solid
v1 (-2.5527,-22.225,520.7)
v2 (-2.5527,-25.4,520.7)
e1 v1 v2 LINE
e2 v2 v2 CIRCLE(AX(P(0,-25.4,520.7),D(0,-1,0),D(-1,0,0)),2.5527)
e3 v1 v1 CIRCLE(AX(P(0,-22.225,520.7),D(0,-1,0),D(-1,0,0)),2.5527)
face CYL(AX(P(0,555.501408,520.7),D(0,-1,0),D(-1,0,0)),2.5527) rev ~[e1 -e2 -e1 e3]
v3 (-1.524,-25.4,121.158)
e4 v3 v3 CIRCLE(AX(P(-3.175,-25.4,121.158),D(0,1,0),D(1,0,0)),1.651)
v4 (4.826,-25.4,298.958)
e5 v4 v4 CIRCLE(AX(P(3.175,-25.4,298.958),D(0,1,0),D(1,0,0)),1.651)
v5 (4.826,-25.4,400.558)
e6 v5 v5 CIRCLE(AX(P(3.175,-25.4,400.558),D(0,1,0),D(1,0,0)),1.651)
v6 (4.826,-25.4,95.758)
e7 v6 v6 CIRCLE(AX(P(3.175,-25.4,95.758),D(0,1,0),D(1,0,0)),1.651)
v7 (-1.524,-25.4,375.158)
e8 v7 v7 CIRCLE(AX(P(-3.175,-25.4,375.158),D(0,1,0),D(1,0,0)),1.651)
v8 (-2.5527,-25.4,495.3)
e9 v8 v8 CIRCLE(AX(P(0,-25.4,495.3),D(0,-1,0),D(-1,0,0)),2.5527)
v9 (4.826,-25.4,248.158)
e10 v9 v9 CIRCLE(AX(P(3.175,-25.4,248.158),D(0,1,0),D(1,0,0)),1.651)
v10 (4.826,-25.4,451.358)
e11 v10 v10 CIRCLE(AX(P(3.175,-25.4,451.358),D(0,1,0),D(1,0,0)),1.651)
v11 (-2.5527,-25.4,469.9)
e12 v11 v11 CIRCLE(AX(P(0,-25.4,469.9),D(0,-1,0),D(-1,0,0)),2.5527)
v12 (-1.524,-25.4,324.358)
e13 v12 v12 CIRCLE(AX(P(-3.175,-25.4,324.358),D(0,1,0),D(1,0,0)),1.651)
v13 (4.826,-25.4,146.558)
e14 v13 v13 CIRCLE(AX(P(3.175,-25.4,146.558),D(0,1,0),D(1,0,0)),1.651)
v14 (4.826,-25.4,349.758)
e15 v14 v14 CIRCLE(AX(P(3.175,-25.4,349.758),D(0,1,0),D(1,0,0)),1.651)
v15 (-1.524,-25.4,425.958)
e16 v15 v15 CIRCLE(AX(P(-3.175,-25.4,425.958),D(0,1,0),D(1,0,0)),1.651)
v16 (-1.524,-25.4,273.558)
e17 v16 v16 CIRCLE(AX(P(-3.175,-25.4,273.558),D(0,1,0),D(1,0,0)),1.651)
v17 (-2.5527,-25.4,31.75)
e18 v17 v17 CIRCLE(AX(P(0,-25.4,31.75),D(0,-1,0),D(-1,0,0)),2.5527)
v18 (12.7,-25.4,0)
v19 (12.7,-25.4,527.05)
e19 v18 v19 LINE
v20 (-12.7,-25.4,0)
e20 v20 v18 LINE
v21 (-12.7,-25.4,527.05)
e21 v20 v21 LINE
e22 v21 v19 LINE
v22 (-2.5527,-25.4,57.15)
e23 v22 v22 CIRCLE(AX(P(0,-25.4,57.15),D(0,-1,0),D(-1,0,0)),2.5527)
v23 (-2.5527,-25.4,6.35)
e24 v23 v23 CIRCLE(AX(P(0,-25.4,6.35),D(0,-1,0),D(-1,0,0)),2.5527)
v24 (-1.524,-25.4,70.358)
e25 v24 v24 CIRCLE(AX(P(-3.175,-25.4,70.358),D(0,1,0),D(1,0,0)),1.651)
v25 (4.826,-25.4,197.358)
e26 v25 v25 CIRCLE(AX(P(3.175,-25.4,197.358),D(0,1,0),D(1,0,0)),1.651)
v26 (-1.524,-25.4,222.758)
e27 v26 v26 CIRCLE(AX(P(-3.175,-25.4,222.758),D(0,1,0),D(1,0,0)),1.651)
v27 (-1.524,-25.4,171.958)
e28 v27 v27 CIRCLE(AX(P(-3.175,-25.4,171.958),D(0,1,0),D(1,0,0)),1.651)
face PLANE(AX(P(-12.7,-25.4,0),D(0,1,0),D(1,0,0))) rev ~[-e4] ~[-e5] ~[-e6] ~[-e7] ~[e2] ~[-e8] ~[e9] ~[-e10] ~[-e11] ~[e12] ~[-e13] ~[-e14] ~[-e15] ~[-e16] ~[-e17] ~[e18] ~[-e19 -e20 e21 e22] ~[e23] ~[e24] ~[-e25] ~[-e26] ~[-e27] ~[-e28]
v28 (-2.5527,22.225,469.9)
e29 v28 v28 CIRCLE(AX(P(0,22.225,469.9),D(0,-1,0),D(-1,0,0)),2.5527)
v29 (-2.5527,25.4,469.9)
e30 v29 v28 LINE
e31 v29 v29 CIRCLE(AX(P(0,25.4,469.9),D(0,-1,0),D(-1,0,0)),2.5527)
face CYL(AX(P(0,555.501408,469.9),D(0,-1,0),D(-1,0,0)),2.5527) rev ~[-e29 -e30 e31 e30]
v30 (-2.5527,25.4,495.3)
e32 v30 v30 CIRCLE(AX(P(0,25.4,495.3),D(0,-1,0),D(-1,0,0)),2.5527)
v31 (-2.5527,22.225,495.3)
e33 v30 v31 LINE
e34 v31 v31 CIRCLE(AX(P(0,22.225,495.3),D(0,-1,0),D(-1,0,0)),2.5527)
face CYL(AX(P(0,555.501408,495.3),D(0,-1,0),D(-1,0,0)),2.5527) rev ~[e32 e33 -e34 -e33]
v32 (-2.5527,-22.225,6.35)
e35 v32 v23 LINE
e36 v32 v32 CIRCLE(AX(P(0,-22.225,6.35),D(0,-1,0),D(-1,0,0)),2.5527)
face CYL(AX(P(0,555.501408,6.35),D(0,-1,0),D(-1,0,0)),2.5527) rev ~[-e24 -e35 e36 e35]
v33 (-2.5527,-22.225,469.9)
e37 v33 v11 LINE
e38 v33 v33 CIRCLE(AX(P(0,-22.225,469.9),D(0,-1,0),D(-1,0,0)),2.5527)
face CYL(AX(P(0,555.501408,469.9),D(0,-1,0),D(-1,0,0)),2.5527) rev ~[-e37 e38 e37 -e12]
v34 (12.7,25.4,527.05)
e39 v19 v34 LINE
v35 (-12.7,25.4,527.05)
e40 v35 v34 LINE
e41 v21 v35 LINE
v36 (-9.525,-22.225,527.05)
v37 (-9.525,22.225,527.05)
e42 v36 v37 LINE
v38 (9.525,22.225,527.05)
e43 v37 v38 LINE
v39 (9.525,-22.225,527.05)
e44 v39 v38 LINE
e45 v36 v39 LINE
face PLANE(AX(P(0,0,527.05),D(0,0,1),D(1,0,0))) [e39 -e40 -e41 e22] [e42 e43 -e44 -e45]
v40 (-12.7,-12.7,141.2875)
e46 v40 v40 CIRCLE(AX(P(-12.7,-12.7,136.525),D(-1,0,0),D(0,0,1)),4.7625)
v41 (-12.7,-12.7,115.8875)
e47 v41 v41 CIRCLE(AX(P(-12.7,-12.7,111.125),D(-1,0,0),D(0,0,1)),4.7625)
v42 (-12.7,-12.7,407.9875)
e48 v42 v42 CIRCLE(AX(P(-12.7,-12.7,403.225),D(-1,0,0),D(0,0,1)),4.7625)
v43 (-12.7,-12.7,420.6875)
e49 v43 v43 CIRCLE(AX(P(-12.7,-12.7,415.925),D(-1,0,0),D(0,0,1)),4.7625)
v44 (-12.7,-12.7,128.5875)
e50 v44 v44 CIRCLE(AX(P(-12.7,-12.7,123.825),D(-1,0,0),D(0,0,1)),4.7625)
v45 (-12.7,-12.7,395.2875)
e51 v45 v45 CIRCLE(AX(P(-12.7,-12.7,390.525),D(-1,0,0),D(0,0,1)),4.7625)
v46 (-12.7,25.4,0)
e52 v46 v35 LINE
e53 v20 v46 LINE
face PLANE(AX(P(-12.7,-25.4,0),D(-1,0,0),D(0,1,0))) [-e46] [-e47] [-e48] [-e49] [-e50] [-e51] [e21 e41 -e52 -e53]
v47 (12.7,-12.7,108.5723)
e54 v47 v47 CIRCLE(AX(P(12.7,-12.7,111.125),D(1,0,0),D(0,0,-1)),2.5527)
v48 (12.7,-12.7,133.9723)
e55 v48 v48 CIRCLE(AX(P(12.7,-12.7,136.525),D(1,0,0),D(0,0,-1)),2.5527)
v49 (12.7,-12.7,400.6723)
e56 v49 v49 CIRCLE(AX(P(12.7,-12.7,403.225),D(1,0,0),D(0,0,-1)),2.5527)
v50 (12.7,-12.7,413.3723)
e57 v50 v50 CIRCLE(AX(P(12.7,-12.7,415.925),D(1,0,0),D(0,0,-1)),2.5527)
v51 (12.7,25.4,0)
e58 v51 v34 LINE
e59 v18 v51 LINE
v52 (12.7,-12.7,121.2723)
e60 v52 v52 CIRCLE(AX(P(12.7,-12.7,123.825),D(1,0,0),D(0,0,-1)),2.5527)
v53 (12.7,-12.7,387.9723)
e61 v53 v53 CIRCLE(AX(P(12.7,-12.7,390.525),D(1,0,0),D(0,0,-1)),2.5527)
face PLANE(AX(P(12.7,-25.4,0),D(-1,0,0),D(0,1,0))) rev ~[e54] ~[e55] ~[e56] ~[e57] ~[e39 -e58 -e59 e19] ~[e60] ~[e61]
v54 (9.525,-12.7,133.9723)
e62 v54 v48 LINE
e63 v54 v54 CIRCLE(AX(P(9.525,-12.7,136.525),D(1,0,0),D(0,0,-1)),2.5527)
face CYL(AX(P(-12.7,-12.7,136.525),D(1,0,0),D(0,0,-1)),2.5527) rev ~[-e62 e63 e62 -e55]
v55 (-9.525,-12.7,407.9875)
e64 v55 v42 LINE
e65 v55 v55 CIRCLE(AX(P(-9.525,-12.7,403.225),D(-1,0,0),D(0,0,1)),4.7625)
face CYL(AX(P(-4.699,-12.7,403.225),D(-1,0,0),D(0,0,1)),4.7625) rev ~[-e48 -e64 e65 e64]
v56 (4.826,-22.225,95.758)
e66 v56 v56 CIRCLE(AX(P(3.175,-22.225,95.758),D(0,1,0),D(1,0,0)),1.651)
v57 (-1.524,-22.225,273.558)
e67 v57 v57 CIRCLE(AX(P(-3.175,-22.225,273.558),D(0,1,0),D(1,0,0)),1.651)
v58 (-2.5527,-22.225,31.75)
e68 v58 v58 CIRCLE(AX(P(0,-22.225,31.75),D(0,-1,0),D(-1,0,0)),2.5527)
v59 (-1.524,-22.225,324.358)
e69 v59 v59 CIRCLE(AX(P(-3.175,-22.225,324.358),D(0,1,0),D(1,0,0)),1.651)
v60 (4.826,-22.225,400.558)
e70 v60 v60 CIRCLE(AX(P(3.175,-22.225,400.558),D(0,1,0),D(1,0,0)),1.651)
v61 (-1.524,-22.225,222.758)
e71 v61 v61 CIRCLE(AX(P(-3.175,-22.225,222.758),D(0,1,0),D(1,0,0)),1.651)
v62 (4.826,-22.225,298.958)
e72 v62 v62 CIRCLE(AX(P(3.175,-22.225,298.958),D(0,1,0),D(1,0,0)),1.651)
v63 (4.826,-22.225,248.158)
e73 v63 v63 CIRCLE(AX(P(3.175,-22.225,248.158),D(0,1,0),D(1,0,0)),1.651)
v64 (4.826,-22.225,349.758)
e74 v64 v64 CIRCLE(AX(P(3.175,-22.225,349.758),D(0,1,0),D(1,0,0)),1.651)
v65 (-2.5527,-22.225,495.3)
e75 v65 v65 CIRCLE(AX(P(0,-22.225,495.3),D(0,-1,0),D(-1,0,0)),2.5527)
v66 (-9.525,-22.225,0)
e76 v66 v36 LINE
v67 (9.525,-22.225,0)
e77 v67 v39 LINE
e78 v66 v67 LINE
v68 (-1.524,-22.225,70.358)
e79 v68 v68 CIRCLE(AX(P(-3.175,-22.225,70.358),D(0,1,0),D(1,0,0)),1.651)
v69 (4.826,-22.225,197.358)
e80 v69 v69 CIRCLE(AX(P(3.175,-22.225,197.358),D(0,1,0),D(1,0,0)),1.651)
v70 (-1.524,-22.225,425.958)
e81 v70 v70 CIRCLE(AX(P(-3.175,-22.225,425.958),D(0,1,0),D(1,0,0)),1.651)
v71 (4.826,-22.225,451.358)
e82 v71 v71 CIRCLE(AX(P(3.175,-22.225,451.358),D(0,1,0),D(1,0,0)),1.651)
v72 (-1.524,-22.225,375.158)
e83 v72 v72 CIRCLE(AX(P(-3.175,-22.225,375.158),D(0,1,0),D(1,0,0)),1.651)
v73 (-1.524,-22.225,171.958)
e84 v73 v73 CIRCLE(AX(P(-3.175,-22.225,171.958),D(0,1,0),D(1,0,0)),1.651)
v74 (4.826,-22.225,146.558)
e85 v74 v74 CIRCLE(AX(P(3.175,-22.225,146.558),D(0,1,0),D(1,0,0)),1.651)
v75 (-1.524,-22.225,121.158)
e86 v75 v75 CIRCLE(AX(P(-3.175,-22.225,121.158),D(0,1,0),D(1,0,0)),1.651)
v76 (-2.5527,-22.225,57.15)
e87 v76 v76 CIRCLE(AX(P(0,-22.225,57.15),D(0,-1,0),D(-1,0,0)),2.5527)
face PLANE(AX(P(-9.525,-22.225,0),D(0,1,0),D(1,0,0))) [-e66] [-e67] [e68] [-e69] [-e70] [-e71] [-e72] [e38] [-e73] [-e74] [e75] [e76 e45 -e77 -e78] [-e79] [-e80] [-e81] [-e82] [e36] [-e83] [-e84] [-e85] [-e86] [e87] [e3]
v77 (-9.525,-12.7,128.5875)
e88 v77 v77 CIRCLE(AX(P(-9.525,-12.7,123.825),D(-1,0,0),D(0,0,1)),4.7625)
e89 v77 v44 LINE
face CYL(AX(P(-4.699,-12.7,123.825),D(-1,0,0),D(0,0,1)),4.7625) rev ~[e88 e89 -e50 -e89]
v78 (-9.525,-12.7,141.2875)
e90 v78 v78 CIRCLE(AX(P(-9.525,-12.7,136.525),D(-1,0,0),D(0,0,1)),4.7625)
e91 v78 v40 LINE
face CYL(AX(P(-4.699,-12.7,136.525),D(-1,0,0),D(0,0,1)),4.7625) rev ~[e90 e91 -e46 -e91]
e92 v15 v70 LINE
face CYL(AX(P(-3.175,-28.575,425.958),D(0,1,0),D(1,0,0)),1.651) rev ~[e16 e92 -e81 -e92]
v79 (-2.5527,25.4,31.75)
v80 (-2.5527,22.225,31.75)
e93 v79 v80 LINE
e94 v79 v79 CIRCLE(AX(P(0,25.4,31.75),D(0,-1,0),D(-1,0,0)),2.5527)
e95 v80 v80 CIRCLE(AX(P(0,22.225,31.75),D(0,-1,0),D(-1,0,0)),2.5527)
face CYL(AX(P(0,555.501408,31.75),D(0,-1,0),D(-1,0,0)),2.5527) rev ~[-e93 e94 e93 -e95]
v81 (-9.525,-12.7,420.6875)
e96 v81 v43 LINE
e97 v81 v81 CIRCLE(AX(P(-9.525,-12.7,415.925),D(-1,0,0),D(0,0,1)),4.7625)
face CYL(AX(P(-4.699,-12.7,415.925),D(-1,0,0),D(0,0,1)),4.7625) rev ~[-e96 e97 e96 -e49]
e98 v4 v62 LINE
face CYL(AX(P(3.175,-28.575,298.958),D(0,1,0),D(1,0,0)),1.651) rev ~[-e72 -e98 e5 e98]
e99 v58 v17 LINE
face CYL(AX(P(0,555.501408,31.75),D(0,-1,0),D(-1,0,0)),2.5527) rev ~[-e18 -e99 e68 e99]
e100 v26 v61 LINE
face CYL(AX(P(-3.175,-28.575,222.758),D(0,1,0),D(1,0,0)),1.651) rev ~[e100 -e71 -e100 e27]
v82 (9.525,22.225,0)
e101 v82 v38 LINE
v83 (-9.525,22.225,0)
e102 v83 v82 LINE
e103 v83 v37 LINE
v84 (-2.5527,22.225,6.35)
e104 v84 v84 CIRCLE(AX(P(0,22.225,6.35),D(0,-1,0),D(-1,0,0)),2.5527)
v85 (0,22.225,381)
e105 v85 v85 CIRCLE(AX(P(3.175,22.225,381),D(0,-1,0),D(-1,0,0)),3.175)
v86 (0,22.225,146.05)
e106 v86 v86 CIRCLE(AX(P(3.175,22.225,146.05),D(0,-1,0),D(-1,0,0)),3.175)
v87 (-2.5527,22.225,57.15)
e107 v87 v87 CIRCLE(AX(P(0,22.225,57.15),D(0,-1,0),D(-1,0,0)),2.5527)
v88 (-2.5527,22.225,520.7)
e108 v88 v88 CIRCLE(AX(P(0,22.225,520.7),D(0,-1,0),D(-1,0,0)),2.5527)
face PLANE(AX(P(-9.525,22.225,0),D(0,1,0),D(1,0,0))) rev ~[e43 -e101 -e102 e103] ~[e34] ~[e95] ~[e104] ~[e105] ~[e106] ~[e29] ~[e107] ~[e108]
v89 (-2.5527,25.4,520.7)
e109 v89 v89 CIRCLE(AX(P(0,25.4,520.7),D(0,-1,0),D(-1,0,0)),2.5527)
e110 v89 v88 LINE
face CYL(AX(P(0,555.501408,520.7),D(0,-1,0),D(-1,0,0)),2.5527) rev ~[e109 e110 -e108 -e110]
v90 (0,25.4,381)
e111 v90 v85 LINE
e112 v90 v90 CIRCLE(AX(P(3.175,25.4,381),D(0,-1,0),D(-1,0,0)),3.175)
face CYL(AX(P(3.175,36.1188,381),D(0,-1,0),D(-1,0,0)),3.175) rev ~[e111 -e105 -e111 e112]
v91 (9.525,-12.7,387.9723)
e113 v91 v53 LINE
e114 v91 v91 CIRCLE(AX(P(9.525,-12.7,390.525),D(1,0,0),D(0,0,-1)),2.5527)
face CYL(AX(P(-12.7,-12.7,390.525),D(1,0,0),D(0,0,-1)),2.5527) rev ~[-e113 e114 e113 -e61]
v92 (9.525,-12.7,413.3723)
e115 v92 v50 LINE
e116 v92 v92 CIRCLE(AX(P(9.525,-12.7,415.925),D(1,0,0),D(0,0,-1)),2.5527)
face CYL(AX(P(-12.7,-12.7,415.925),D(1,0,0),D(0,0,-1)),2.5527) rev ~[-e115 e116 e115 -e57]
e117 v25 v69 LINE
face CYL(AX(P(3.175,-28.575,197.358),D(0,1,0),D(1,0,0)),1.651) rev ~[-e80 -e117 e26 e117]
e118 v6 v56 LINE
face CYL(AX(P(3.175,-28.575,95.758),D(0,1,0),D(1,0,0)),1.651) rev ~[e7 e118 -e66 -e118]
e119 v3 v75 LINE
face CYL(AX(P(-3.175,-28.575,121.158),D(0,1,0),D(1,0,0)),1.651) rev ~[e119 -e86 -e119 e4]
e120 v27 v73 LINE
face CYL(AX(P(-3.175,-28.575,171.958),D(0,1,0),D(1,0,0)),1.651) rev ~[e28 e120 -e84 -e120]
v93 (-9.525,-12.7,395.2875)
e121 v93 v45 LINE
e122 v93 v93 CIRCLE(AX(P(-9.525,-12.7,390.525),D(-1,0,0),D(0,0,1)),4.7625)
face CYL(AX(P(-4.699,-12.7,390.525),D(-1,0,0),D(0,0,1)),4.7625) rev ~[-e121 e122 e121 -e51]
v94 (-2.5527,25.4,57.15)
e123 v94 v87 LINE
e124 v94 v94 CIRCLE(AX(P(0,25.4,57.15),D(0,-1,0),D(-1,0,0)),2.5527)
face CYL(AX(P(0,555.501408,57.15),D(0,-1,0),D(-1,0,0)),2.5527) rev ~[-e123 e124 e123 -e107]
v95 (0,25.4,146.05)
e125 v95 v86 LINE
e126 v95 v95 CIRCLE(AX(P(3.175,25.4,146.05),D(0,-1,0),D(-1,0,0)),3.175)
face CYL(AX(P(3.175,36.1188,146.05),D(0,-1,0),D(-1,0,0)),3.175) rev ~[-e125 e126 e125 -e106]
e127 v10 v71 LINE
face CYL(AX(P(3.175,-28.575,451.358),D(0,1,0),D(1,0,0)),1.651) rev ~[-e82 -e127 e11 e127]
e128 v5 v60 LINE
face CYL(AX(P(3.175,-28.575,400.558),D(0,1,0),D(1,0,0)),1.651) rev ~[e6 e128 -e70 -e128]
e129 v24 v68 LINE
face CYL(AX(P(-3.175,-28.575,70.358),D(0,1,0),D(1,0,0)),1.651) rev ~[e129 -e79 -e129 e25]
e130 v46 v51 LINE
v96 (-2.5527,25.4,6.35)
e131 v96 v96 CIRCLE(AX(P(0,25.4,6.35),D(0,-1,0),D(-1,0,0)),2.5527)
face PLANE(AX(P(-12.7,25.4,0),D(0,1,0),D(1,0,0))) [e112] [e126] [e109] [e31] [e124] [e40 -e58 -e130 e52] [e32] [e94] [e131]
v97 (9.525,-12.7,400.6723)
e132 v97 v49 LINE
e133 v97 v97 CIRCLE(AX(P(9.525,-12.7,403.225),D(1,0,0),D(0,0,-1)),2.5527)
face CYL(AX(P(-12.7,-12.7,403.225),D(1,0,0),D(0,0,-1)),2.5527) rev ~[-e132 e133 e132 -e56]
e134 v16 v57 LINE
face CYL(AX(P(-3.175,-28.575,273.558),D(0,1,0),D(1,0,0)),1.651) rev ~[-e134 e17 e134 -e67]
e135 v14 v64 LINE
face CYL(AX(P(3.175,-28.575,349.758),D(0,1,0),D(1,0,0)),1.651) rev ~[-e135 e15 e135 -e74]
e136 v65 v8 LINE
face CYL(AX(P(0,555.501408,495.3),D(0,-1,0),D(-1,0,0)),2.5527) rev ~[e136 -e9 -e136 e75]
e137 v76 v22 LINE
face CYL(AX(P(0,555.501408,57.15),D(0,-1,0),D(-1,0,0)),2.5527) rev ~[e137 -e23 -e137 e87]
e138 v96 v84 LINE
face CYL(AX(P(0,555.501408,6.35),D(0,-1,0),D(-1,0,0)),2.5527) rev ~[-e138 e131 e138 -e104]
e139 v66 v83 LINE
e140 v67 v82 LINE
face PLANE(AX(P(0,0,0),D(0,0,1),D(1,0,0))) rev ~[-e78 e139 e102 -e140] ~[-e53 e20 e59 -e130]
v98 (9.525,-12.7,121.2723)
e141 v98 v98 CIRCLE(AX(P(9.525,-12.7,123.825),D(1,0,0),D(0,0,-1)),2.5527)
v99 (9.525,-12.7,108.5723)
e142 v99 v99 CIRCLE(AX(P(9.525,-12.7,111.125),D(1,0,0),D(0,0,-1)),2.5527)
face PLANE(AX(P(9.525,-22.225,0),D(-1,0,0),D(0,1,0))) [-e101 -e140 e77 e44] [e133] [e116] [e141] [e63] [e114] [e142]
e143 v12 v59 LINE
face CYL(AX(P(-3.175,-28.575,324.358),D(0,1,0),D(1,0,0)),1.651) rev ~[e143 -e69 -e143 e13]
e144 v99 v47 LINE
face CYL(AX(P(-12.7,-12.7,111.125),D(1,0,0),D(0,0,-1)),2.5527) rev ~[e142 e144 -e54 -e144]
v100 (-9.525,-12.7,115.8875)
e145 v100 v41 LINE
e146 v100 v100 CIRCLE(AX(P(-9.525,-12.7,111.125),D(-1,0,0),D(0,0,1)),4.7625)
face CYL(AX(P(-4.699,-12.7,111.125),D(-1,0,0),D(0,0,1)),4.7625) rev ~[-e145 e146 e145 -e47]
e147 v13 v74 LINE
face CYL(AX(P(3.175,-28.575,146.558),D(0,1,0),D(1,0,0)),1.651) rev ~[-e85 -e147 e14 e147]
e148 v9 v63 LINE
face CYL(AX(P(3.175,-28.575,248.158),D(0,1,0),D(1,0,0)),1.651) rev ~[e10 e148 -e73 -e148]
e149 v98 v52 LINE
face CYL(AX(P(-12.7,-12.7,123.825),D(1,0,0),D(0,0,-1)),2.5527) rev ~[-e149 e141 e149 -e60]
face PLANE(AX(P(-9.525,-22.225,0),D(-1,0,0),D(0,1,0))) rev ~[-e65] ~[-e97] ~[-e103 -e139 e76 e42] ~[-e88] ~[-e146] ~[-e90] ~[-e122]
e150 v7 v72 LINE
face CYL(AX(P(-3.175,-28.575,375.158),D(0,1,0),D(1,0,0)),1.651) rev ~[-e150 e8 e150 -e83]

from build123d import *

# Parameters (mm, degrees)
SKETCH1_W                                       = 25.4
SKETCH1_H                                       = 50.8
SKETCH1_W_2                                     = 19.05
SKETCH1_H_2                                     = 44.45
EXTRUDE_THIN1_DEPTH                             = 527.05
F_10_CLEARANCE_HOLE1_D                          = 5.1054
F_1_8_0_13_DIAMETER_HOLE1_D                     = 3.302
F_1_8_0_13_DIAMETER_HOLE1_DEPTH                 = 3.175
F_1_4_0_25_DIAMETER_HOLE1_D                     = 6.35
F_1_4_0_25_DIAMETER_HOLE1_DEPTH                 = 10.7188
F_1_4_0_25_DIAMETER_HOLE1_TIP                   = 1.907732465
CBORE_FOR_10_SOCKET_HEAD_CAP_SCREW1_D           = 5.1054
CBORE_FOR_10_SOCKET_HEAD_CAP_SCREW1_CBORE_D     = 9.525
CBORE_FOR_10_SOCKET_HEAD_CAP_SCREW1_CBORE_DEPTH = 8.001


with BuildPart() as part:
    # Sketch1 → Extrude-Thin1 (new body)
    with BuildSketch(Plane.XY):
        Rectangle(SKETCH1_W, SKETCH1_H)
        Rectangle(SKETCH1_W_2, SKETCH1_H_2, mode=Mode.SUBTRACT)
    extrude(amount=EXTRUDE_THIN1_DEPTH)

    # #10 Clearance Hole1 (through all)
    with Locations(Plane(origin=(0, 25.4, 0), x_dir=(1, 0, 0), z_dir=(0, 1, 0))):
        with Locations((0, -520.7), (0, -495.3), (0, -469.9), (0, -6.35), (0, -31.75), (0, -57.15)):
            Hole(F_10_CLEARANCE_HOLE1_D / 2)

    # 1/8 (0.13) Diameter Hole1
    with Locations(Plane(origin=(0, -25.4, 0), x_dir=(-1, 0, 0), z_dir=(0, -1, 0))):
        with Locations((3.175, -70.358), (-3.175, -95.758), (3.175, -121.158), (-3.175, -146.558), (3.175, -171.958), (-3.175, -197.358), (-3.175, -248.158), (3.175, -273.558), (-3.175, -298.958), (3.175, -324.358), (-3.175, -349.758), (3.175, -375.158), (-3.175, -400.558), (3.175, -425.958), (-3.175, -451.358), (3.175, -222.758)):
            Hole(F_1_8_0_13_DIAMETER_HOLE1_D / 2, depth=F_1_8_0_13_DIAMETER_HOLE1_DEPTH)

    # 1/4 (0.25) Diameter Hole1
    with Locations(Plane(origin=(0, 25.4, 0), x_dir=(1, 0, 0), z_dir=(0, 1, 0))):
        with Locations((3.175, -146.05), (3.175, -381)):
            Hole(F_1_4_0_25_DIAMETER_HOLE1_D / 2, depth=F_1_4_0_25_DIAMETER_HOLE1_DEPTH)
            with Locations((0, 0, -(F_1_4_0_25_DIAMETER_HOLE1_DEPTH + F_1_4_0_25_DIAMETER_HOLE1_TIP / 2))):  # 118° drill point
                Cone(0, F_1_4_0_25_DIAMETER_HOLE1_D / 2, F_1_4_0_25_DIAMETER_HOLE1_TIP, mode=Mode.SUBTRACT)

    # CBORE for #10 Socket Head Cap Screw1 (through all)
    with Locations(Plane.ZY.offset(12.7)):
        with Locations((111.125, -12.7), (123.825, -12.7), (136.525, -12.7), (390.525, -12.7), (403.225, -12.7), (415.925, -12.7)):
            CounterBoreHole(CBORE_FOR_10_SOCKET_HEAD_CAP_SCREW1_D / 2, CBORE_FOR_10_SOCKET_HEAD_CAP_SCREW1_CBORE_D / 2, CBORE_FOR_10_SOCKET_HEAD_CAP_SCREW1_CBORE_DEPTH)


solid = part.part
